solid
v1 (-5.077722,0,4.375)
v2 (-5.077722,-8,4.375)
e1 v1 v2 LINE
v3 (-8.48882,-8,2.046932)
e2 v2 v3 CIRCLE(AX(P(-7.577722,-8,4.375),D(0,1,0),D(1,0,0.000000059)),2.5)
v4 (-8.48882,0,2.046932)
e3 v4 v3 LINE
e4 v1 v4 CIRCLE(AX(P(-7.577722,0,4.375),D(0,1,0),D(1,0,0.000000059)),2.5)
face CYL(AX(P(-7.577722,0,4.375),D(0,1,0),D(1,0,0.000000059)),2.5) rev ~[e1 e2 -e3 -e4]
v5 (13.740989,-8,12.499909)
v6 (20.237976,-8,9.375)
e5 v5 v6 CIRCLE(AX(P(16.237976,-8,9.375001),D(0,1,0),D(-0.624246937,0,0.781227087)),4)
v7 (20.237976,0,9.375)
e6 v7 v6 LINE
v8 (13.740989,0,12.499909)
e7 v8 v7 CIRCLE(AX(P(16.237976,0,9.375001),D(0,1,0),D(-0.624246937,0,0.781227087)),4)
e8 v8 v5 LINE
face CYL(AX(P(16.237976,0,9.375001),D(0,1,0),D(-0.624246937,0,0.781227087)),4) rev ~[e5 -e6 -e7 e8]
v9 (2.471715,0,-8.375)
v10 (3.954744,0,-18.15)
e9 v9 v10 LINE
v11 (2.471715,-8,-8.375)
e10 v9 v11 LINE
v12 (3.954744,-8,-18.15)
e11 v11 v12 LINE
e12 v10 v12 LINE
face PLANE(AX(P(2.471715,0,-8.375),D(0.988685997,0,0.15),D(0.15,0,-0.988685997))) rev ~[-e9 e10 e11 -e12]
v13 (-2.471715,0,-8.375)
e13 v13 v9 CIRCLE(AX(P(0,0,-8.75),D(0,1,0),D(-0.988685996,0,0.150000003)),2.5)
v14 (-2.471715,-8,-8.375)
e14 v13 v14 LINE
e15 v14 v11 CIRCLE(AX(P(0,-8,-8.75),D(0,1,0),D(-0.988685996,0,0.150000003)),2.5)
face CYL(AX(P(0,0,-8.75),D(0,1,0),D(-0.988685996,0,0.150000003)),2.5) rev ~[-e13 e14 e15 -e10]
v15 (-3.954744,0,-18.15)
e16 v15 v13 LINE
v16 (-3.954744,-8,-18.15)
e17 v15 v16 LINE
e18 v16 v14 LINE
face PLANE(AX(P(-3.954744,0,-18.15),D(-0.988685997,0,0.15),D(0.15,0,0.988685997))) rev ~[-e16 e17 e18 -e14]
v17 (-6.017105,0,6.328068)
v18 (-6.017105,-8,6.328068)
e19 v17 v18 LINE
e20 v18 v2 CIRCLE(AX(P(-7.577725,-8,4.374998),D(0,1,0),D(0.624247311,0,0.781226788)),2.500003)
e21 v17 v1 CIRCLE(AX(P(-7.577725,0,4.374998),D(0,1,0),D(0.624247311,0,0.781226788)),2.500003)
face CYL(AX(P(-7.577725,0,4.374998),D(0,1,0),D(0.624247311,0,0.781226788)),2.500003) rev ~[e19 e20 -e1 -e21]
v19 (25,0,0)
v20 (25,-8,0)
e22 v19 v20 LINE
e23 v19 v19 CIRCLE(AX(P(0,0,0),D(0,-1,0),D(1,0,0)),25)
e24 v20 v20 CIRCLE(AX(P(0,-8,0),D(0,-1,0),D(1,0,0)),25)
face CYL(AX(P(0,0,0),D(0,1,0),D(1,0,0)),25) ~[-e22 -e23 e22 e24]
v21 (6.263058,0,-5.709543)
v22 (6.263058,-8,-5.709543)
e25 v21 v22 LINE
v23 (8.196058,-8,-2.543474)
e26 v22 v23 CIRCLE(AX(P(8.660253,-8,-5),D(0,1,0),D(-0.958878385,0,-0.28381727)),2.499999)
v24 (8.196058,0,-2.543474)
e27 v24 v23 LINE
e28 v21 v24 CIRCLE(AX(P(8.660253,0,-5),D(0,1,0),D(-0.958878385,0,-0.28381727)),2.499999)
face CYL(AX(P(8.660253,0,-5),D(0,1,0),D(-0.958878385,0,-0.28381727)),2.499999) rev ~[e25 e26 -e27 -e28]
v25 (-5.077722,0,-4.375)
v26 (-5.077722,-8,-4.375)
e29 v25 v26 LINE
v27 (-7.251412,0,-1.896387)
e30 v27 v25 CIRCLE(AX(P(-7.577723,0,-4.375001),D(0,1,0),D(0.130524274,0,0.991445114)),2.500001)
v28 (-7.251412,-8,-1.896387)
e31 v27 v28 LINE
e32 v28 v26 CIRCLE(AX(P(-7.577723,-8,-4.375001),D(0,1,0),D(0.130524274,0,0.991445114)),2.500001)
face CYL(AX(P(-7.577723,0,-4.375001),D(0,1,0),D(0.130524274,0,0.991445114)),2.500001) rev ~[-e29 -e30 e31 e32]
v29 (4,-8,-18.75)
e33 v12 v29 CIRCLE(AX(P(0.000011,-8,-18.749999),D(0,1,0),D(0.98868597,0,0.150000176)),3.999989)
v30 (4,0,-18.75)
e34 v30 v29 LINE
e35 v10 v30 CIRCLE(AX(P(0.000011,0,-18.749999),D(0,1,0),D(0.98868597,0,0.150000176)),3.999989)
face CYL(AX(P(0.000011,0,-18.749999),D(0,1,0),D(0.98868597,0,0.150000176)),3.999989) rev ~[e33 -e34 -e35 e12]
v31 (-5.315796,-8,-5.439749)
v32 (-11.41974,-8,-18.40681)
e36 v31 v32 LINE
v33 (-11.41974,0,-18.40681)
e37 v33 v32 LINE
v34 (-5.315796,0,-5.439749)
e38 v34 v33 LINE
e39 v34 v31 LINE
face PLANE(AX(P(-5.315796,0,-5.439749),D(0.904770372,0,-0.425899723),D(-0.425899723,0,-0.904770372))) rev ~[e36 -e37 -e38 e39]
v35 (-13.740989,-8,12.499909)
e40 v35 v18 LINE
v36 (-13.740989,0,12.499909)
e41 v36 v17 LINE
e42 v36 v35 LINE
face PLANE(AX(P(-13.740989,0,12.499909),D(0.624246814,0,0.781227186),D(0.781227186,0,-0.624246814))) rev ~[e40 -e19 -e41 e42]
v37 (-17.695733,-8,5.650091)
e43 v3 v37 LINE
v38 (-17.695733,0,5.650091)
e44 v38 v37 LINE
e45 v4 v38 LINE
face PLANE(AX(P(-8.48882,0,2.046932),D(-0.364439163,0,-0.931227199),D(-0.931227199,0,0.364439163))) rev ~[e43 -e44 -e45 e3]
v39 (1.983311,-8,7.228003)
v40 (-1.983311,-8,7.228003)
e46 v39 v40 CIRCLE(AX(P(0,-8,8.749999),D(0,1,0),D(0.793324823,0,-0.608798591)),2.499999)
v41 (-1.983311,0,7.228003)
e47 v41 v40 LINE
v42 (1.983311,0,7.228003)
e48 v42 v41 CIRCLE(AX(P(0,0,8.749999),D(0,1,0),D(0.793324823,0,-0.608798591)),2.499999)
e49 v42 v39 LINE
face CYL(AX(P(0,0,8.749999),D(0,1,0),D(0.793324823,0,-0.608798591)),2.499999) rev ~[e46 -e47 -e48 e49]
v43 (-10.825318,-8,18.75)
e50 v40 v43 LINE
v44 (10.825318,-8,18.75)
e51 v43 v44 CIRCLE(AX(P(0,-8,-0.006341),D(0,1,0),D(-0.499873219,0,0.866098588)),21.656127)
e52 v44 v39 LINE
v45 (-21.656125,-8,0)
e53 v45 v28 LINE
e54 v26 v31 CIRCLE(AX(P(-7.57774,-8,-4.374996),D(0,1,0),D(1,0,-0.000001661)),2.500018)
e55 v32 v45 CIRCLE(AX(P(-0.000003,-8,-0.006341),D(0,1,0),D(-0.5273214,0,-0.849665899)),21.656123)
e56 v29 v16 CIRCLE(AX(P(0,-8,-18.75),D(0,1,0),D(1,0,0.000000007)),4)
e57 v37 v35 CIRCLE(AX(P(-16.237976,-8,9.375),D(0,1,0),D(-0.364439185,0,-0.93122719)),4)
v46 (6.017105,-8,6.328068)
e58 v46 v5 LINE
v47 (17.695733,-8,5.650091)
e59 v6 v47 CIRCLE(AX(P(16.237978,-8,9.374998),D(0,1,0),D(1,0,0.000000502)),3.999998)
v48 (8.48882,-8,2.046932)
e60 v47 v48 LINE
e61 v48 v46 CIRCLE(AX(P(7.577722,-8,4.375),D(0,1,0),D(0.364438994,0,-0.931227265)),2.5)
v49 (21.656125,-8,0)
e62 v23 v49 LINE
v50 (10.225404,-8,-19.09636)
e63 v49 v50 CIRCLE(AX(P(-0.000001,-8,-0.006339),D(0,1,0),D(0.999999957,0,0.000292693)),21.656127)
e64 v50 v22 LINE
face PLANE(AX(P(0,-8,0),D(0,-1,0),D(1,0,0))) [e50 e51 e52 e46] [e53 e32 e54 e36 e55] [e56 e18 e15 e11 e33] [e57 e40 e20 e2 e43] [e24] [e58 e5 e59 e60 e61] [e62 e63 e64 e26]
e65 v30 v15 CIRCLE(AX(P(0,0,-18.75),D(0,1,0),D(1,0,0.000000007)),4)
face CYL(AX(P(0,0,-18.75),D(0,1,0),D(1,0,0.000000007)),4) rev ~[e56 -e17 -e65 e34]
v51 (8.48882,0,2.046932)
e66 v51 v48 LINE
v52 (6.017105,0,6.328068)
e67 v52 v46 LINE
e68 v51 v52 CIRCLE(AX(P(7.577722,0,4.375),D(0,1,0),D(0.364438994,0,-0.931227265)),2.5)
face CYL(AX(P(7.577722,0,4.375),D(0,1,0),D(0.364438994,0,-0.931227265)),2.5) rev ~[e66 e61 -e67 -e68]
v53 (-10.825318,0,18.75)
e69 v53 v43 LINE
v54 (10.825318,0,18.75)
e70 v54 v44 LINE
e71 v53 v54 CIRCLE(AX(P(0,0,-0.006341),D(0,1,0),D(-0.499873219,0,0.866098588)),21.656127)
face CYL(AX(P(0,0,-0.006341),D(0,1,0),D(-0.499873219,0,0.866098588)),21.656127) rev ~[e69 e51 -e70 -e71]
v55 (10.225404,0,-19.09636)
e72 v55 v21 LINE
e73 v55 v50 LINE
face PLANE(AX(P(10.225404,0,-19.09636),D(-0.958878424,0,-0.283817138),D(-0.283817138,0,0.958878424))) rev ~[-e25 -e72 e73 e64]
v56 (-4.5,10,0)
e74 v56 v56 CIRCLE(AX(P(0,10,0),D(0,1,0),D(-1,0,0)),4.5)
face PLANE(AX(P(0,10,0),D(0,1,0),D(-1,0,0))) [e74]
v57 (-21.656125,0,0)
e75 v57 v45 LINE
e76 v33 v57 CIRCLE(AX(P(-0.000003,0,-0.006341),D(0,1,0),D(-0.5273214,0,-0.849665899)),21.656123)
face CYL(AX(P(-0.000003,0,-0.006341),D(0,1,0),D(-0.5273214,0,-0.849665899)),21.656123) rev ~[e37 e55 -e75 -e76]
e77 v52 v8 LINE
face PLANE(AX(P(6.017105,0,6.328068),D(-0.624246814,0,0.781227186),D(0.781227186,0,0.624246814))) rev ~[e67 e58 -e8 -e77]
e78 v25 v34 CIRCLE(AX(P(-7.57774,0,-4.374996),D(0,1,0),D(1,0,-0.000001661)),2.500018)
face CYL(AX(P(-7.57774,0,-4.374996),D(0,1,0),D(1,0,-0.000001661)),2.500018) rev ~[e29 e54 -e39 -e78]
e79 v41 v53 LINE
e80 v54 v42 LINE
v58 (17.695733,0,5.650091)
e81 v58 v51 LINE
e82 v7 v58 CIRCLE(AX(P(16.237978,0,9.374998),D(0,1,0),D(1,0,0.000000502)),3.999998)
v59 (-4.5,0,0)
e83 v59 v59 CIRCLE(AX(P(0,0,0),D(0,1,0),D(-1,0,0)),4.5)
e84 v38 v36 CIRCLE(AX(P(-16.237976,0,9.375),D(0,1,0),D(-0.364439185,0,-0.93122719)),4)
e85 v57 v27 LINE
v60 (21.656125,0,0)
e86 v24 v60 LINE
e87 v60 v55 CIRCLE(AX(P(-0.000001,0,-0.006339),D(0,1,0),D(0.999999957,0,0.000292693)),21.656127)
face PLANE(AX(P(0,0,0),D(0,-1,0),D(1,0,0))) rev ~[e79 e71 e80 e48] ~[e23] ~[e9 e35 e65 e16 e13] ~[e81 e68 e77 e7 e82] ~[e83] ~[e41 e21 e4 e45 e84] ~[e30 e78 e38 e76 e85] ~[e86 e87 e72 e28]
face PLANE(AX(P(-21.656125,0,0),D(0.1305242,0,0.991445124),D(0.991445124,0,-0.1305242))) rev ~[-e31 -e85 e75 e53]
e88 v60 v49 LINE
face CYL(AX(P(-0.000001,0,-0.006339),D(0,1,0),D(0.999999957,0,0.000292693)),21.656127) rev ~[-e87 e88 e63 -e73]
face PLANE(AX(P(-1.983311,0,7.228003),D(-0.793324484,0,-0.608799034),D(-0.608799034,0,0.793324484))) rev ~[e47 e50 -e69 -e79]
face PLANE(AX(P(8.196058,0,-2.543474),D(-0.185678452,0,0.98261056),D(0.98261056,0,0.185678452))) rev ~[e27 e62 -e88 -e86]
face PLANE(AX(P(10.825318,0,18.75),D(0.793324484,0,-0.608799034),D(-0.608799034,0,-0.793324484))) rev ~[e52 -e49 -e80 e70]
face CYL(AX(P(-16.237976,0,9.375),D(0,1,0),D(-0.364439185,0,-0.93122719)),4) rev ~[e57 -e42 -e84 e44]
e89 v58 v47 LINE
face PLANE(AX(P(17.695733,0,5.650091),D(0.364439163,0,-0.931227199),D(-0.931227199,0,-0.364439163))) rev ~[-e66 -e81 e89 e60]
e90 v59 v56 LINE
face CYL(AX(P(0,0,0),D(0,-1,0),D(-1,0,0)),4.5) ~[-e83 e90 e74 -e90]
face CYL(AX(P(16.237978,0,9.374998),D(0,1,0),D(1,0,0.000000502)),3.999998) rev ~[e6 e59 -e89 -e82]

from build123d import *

# Parameters (mm, degrees)
F0_R     = 25
F1_DEPTH = 8
F2_R     = 4.5
F3_DEPTH = 10


with BuildPart() as f1:
    # F0 (on Front) → F1 (new body)
    with BuildSketch(Plane.XZ):
        Circle(F0_R)
        with BuildLine():
            ThreePointArc((-11.41974, -18.40681), (-18.926328, -10.531638), (-21.656125, 0))
            Line((-21.656125, 0), (-7.251412, -1.896387))
            ThreePointArc((-7.251412, -1.896387), (-5.698124, -2.726634), (-5.077722, -4.375))
            ThreePointArc((-5.077722, -4.375), (-5.137967, -4.920521), (-5.315796, -5.439749))
            Line((-5.315796, -5.439749), (-11.41974, -18.40681))
        make_face(mode=Mode.SUBTRACT)
        with BuildLine():
            ThreePointArc((3.954744, -18.15), (3.98867, -18.449148), (4, -18.75))
            ThreePointArc((4, -18.75), (-0.300852, -22.73867), (-3.954744, -18.15))
            Line((-3.954744, -18.15), (-2.471715, -8.375))
            ThreePointArc((-2.471715, -8.375), (0, -6.25), (2.471715, -8.375))
            Line((2.471715, -8.375), (3.954744, -18.15))
        make_face(mode=Mode.SUBTRACT)
        with BuildLine():
            ThreePointArc((21.656125, 0), (18.581596, -11.128932), (10.225404, -19.09636))
            Line((10.225404, -19.09636), (6.263058, -5.709543))
            ThreePointArc((6.263058, -5.709543), (6.526504, -3.697268), (8.196058, -2.543474))
            Line((8.196058, -2.543474), (21.656125, 0))
        make_face(mode=Mode.SUBTRACT)
        with BuildLine():
            ThreePointArc((-17.695733, 5.650091), (-19.702078, 11.375), (-13.740989, 12.499909))
            Line((-13.740989, 12.499909), (-6.017105, 6.328068))
            ThreePointArc((-6.017105, 6.328068), (-5.324775, 5.458618), (-5.077722, 4.375))
            ThreePointArc((-5.077722, 4.375), (-6.168422, 2.310085), (-8.48882, 2.046932))
            Line((-8.48882, 2.046932), (-17.695733, 5.650091))
        make_face(mode=Mode.SUBTRACT)
        with BuildLine():
            ThreePointArc((13.740989, 12.499909), (17.971766, 12.979716), (20.237976, 9.375))
            ThreePointArc((20.237976, 9.375), (19.54184, 7.120119), (17.695733, 5.650091))
            Line((17.695733, 5.650091), (8.48882, 2.046932))
            ThreePointArc((8.48882, 2.046932), (5.412659, 3.125), (6.017105, 6.328068))
            Line((6.017105, 6.328068), (13.740989, 12.499909))
        make_face(mode=Mode.SUBTRACT)
        with BuildLine():
            Line((-1.983311, 7.228003), (-10.825318, 18.75))
            ThreePointArc((-10.825318, 18.75), (0, 21.649786), (10.825318, 18.75))
            Line((10.825318, 18.75), (1.983311, 7.228003))
            ThreePointArc((1.983311, 7.228003), (0, 6.25), (-1.983311, 7.228003))
        make_face(mode=Mode.SUBTRACT)
    extrude(amount=F1_DEPTH)

    # F2 (on face) → F3 (join)
    with BuildSketch(Plane(origin=(0, 0, 0), x_dir=(-1, 0, 0), z_dir=(0, 1, 0))):
        Circle(F2_R)
    extrude(amount=F3_DEPTH)


solid = f1.part
